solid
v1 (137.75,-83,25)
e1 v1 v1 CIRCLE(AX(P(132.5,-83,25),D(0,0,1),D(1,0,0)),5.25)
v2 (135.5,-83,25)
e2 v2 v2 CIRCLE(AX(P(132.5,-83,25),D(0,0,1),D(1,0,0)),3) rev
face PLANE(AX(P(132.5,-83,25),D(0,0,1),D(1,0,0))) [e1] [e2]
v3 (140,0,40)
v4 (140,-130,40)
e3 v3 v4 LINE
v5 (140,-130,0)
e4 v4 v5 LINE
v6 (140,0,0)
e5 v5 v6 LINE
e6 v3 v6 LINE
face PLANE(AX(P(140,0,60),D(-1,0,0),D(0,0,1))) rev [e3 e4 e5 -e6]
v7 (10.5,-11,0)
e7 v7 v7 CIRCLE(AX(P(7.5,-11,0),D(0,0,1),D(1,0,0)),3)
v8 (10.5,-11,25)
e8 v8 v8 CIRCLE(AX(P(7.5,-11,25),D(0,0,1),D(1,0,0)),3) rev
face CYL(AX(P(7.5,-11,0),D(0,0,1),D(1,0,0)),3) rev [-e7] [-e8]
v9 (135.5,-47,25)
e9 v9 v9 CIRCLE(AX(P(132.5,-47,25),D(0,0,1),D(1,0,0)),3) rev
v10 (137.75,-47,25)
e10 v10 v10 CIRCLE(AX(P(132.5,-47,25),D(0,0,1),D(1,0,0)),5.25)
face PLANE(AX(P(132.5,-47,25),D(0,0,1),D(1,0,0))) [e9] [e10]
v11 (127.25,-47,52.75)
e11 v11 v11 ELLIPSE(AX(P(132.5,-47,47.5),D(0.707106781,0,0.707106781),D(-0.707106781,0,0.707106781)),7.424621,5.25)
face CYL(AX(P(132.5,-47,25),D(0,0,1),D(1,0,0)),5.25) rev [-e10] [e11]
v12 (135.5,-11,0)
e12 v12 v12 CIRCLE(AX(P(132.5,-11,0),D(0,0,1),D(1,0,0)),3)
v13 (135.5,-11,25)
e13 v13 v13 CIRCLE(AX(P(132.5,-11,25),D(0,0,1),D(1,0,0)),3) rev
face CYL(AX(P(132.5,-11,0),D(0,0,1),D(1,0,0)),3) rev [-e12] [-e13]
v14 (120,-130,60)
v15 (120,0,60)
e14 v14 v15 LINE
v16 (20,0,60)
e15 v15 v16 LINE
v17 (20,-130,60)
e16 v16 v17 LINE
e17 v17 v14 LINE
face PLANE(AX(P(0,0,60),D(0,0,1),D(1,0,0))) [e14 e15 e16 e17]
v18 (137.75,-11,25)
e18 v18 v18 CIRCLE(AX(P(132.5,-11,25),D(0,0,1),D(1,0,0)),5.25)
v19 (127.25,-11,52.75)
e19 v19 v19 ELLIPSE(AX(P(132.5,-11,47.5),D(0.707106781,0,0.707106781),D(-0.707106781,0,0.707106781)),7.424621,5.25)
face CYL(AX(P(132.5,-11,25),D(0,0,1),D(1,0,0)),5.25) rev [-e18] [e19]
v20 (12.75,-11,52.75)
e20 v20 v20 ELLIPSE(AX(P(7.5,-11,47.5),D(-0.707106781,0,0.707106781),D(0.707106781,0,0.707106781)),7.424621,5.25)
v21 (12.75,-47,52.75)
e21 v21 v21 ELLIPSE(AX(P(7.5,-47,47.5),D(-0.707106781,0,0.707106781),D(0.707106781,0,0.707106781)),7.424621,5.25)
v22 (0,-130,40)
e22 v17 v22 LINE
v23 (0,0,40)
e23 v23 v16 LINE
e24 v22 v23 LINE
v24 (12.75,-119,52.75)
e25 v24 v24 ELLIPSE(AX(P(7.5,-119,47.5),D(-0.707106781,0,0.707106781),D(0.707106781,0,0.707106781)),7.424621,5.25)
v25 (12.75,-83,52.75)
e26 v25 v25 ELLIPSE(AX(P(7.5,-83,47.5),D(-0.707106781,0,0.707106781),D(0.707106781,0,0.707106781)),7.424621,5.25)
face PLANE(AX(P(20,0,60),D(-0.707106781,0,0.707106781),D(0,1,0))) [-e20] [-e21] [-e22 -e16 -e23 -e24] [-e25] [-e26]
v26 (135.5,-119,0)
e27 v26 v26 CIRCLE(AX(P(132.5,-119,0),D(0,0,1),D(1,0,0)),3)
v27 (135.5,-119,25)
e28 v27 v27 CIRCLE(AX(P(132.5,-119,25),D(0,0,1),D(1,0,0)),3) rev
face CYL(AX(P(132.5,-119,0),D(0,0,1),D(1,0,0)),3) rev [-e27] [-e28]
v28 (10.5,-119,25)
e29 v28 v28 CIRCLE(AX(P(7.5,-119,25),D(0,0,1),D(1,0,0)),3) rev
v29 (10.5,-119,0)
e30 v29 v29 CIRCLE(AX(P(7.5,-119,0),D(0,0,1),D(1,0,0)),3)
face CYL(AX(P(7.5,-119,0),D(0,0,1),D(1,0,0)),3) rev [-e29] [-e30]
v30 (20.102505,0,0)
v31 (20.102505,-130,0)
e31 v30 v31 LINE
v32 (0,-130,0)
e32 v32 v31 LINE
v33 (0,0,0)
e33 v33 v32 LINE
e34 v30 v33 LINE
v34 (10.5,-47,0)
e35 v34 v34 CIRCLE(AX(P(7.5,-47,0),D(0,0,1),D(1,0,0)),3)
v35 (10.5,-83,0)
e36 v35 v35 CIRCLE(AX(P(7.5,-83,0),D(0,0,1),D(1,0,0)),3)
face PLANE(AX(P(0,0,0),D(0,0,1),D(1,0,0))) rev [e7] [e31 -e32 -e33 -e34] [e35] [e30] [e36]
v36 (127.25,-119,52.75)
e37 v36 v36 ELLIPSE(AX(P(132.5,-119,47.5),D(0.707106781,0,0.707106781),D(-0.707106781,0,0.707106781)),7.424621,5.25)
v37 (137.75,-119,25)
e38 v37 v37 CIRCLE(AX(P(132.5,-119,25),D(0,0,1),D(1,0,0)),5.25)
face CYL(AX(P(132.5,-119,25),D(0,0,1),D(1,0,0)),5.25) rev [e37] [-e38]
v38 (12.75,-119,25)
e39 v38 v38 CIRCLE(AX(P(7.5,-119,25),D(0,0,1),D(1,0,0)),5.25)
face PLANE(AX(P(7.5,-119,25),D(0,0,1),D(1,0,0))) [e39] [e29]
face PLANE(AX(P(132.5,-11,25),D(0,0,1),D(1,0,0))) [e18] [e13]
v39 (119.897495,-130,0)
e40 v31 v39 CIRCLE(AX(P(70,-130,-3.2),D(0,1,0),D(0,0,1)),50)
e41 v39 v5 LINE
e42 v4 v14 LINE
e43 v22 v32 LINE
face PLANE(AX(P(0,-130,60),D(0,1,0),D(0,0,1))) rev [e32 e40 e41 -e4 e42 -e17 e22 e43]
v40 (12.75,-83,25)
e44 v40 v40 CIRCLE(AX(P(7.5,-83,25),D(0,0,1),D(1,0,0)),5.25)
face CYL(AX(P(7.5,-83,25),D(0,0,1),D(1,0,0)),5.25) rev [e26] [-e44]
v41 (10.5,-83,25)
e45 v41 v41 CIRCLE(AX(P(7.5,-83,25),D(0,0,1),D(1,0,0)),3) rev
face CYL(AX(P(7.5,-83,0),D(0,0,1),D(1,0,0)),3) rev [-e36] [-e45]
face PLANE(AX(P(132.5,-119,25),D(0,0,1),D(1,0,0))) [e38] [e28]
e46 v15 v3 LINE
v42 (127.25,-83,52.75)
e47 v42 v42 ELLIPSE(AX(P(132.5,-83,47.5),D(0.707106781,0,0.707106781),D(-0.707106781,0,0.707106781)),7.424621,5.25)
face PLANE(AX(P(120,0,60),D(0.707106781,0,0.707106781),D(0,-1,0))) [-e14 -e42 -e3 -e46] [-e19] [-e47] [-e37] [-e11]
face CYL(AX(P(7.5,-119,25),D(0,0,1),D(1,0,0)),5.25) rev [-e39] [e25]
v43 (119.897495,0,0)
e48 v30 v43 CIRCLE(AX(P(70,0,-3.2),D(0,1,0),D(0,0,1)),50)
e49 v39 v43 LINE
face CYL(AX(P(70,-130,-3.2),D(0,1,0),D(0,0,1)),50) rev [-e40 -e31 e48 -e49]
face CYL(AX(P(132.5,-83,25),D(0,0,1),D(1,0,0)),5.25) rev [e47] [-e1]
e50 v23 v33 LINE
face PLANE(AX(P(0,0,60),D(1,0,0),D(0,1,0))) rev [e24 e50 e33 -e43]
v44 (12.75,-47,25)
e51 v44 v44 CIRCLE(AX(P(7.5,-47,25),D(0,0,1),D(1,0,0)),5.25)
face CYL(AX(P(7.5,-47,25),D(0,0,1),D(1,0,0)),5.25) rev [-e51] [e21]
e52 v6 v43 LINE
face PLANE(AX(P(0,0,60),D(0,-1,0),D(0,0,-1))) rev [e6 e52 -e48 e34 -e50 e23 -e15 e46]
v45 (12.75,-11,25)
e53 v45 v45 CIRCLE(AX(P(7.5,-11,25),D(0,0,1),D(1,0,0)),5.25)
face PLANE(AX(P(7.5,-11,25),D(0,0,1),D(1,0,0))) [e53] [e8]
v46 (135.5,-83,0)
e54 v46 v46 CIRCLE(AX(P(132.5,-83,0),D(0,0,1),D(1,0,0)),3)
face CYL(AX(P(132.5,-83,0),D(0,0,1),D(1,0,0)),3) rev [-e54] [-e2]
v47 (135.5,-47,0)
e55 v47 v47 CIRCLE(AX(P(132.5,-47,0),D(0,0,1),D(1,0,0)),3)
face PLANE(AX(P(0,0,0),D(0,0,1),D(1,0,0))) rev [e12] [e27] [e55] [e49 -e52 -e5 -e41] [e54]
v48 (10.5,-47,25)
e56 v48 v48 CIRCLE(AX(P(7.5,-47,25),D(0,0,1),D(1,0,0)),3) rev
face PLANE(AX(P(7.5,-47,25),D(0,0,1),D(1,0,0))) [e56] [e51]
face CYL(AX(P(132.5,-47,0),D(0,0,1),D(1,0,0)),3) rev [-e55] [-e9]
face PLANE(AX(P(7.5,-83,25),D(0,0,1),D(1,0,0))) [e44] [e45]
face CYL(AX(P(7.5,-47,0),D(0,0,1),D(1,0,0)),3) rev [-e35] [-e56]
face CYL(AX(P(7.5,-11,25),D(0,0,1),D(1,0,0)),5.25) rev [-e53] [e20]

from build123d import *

# Parameters (mm, degrees)
SKETCH_1_W          = 140
SKETCH_1_H          = 130
EXTRUDE_1_DEPTH     = 60
CHAMFER_1_SIZE      = 20
SKETCH_2_R          = 50
CUT_EXTRUDE_1_DEPTH = 131
SKETCH_7_R          = 3
CUT_EXTRUDE_2_DEPTH = 61
SKETCH_8_R          = 5.25
CUT_EXTRUDE_3_DEPTH = 35


with BuildPart() as part:
    # 草图1 → 凸台-拉伸1 (new body)
    with BuildSketch(Plane.XY):
        with Locations((70, -65)):
            Rectangle(SKETCH_1_W, SKETCH_1_H)
    extrude(amount=EXTRUDE_1_DEPTH)

    # 倒角1
    chamfer_1_edges = [part.edges().sort_by_distance(p)[0] for p in [
        (140, -65, 60),
        (0, -65, 60),
    ]]
    chamfer(chamfer_1_edges, length=CHAMFER_1_SIZE)

    # 草图2 → 切除-拉伸1 (cut, through all)
    with BuildSketch(Plane(origin=(0, 0, 0), x_dir=(1, 0, 0), z_dir=(0, 1, 0))):
        with Locations((70, 3.2)):
            Circle(SKETCH_2_R)
    extrude(amount=-CUT_EXTRUDE_1_DEPTH, mode=Mode.SUBTRACT)

    # 草图7 → 切除-拉伸2 (cut, through all)
    with BuildSketch(Plane.XY.offset(60)):
        with Locations((7.5, -11)):
            Circle(SKETCH_7_R)
        with Locations((132.5, -11)):
            Circle(SKETCH_7_R)
        with Locations((132.5, -47)):
            Circle(SKETCH_7_R)
        with Locations((132.5, -83)):
            Circle(SKETCH_7_R)
        with Locations((132.5, -119)):
            Circle(SKETCH_7_R)
        with Locations((7.5, -47)):
            Circle(SKETCH_7_R)
        with Locations((7.5, -83)):
            Circle(SKETCH_7_R)
        with Locations((7.5, -119)):
            Circle(SKETCH_7_R)
    extrude(amount=-CUT_EXTRUDE_2_DEPTH, mode=Mode.SUBTRACT)

    # 草图8 → 切除-拉伸3 (cut)
    with BuildSketch(Plane.XY.offset(60)):
        with Locations((7.5, -11)):
            Circle(SKETCH_8_R)
        with Locations((132.5, -11)):
            Circle(SKETCH_8_R)
        with Locations((132.5, -47)):
            Circle(SKETCH_8_R)
        with Locations((132.5, -83)):
            Circle(SKETCH_8_R)
        with Locations((132.5, -119)):
            Circle(SKETCH_8_R)
        with Locations((7.5, -47)):
            Circle(SKETCH_8_R)
        with Locations((7.5, -83)):
            Circle(SKETCH_8_R)
        with Locations((7.5, -119)):
            Circle(SKETCH_8_R)
    extrude(amount=-CUT_EXTRUDE_3_DEPTH, mode=Mode.SUBTRACT)


solid = part.part
